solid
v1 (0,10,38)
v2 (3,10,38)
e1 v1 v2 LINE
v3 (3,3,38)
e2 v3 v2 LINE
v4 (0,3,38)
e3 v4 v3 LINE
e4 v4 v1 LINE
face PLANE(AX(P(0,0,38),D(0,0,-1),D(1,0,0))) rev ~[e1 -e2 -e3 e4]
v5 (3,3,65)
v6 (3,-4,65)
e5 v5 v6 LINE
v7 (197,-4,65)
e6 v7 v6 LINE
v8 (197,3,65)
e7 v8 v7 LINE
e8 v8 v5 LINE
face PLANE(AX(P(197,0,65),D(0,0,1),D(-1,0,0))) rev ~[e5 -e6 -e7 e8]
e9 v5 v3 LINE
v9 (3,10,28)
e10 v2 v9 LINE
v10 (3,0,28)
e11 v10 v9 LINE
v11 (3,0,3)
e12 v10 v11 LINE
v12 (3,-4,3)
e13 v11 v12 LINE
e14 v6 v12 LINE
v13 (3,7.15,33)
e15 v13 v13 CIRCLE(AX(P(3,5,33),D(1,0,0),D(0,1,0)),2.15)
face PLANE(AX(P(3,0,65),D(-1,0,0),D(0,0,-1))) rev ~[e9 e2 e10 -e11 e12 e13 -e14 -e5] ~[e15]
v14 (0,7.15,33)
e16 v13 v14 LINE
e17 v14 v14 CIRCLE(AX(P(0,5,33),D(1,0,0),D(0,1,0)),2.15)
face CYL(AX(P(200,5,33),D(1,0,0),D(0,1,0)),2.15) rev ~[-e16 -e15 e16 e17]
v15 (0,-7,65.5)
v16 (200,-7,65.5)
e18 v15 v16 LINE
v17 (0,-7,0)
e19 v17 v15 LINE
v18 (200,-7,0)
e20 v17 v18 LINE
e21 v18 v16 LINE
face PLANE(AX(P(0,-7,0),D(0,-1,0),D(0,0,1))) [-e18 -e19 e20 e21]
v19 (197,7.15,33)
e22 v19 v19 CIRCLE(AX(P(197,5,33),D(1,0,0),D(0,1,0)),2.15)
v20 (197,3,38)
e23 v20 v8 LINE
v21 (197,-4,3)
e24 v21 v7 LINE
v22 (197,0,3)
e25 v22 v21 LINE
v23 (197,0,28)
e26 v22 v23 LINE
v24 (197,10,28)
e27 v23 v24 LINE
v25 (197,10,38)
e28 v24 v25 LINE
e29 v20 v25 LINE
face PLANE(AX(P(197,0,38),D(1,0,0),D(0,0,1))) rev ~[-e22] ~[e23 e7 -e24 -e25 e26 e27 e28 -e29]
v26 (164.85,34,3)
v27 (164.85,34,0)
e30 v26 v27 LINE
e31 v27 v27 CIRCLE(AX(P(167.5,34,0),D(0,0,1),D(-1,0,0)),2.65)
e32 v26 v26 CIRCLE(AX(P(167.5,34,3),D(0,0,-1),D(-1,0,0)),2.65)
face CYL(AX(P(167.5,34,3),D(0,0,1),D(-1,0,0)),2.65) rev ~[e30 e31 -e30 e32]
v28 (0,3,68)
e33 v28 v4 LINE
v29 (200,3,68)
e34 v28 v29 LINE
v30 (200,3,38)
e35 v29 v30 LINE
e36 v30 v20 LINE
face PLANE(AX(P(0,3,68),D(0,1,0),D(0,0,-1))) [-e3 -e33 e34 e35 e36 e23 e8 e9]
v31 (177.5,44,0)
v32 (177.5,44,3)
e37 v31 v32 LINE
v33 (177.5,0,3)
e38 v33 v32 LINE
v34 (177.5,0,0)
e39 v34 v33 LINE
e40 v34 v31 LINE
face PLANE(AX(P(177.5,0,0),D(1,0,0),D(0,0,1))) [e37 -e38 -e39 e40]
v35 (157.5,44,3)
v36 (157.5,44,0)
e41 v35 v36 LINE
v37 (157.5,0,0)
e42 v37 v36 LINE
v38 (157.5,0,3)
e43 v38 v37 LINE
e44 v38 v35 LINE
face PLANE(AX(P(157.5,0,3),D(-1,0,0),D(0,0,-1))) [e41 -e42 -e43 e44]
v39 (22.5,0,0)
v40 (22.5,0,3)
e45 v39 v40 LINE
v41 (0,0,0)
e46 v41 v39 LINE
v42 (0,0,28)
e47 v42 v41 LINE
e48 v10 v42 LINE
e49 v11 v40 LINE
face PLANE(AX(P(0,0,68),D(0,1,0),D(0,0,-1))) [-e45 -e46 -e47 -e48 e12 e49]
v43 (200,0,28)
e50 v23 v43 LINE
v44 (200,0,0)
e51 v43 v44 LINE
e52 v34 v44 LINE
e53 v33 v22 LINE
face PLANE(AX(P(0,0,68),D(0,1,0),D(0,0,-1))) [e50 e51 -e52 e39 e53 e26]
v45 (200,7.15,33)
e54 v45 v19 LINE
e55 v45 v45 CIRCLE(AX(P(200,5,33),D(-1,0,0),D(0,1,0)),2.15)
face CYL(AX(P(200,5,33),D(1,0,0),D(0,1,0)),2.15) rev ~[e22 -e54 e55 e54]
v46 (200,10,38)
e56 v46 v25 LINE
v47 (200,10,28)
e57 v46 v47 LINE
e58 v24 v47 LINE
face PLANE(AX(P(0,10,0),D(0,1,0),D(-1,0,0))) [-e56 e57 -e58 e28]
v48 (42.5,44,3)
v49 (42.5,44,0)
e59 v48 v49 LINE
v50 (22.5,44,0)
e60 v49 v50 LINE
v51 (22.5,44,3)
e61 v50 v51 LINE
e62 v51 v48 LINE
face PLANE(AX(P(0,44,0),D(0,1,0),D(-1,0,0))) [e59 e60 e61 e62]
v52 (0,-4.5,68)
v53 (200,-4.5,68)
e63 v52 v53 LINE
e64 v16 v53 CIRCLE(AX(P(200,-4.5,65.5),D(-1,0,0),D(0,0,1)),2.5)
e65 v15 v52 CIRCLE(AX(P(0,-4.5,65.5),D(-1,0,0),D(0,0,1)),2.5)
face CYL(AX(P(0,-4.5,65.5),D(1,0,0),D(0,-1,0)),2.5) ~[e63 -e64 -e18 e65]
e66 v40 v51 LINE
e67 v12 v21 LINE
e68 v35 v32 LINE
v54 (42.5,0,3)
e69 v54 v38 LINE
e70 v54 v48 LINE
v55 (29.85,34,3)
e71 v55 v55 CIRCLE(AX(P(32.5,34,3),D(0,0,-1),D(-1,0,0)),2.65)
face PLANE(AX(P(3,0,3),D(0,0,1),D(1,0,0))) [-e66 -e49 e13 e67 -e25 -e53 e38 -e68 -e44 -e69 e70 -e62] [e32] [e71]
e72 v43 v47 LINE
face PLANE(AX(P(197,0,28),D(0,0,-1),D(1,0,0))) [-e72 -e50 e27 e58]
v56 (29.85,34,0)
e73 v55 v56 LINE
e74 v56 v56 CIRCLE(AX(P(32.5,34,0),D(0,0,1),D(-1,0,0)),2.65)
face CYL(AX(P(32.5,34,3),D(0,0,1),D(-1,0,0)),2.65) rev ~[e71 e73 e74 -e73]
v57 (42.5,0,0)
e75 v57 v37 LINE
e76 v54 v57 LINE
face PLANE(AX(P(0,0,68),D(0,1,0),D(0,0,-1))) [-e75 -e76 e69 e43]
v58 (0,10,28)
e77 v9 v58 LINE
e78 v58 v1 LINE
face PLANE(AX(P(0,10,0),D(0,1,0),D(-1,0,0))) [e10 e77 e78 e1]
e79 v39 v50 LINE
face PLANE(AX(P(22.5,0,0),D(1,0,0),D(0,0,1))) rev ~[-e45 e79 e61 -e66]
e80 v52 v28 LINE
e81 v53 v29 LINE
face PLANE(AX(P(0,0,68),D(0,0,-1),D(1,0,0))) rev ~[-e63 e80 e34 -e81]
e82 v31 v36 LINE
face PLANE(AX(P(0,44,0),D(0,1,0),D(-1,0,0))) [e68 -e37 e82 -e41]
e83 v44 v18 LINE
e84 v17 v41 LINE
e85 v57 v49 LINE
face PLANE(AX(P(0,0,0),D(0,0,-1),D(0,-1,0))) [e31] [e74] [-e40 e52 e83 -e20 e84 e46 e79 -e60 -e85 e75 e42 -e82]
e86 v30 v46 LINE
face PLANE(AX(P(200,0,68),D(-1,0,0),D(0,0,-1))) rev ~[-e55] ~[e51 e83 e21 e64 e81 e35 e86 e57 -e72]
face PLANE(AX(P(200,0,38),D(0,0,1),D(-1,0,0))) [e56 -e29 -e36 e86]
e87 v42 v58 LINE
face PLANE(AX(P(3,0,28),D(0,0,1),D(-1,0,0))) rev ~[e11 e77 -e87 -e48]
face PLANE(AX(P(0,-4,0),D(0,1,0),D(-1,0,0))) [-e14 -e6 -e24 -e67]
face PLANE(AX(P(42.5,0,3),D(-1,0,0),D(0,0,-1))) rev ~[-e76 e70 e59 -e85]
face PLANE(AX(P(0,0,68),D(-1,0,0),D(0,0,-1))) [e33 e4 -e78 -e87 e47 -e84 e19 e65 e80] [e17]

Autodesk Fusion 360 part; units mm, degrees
sketch "스케치1" plane through (0, 0, 0) normal (1, 0, 0) x (0, 1, 0)
  line L0 (0, 0) -> (-7, 0)
  line L1 (-7, 0) -> (-7, 68)
  line L2 (-7, 68) -> (0, 68)
  line L3 (0, 68) -> (0, 0)
  line L4 (0, 0) -> (-4, 0)
  line L5 (-4, 0) -> (-4, 68)
  line L6 (-4, 68) -> (0, 68)
  line L7 (0, 68) -> (0, 0)
  dimension "d1" = 7
  dimension "d2" = 68
  dimension "d3" = 4
extrude "돌출1" add sketch "스케치1" along normal blind 200
sketch "스케치2" plane through (0, 0, 0) normal (0, 1, 0) x (-1, 0, 0)
  line L0 (0, 0) -> (0, 68)
  line L1 (0, 68) -> (-200, 68)
  line L2 (-200, 68) -> (-200, 0)
  line L3 (-200, 0) -> (0, 0)
  line L4 (-200, 68) -> (-197, 68)
  line L5 (-197, 68) -> (-197, 65)
  line L6 (-197, 65) -> (-200, 65)
  line L7 (-200, 65) -> (-200, 68)
  line L8 (0, 0) -> (-3, 0)
  line L9 (-3, 0) -> (-3, 3)
  line L10 (-3, 3) -> (0, 3)
  line L11 (0, 3) -> (0, 0)
  line L12 (-3, 3) -> (-197, 3)
  line L13 (-197, 3) -> (-197, 65)
  line L14 (-197, 65) -> (-3, 65)
  line L15 (-3, 65) -> (-3, 3)
  dimension "d6" = 3
  dimension "d7" = 3
  dimension "d8" = 3
extrude "돌출2" cut sketch "스케치2" against normal blind 4 contours L12 L13 L14 L15
sketch "스케치3" plane through (0, 0, 0) normal (0, 1, 0) x (-1, 0, 0)
  line L0 (-197, 3) -> (-197, 65)
  line L1 (-197, 65) -> (-3, 65)
  line L2 (-3, 65) -> (-3, 3)
  line L3 (-3, 3) -> (-197, 3)
  line L4 (0, 0) -> (0, 68)
  line L5 (0, 68) -> (-200, 68)
  line L6 (-200, 68) -> (-200, 0)
  line L7 (-200, 0) -> (0, 0)
  line L8 (-197, 3) -> (-177.5, 3)
  line L9 (-177.5, 3) -> (-157.5, 3)
  line L10 (-157.5, 3) -> (-157.5, 0)
  line L11 (-157.5, 0) -> (-177.5, 0)
  line L12 (-177.5, 0) -> (-177.5, 3)
  line L13 (-3, 3) -> (-22.5, 3)
  line L14 (-22.5, 3) -> (-42.5, 3)
  line L15 (-42.5, 3) -> (-42.5, 0)
  line L16 (-42.5, 0) -> (-22.5, 0)
  line L17 (-22.5, 0) -> (-22.5, 3)
  dimension "d11" = 19.5
  dimension "d12" = 20
  dimension "d13" = 19.5
  dimension "d14" = 20
  dimension "d15" = 3
extrude "돌출3" add sketch "스케치3" along normal blind 44 contours L3 L7 L9 L10 L11 L12 | L3 L7 L14 L15 L16 L17
sketch "스케치4" plane through (0, 0, 3) normal (0, 0, 1) x (-1, 0, 0)
  line L0 (-22.5, 0) -> (-3, 0)
  line L1 (-3, 0) -> (-3, 4)
  line L2 (-3, 4) -> (-197, 4)
  line L3 (-197, 4) -> (-197, 0)
  line L4 (-197, 0) -> (-177.5, 0)
  line L5 (-177.5, 0) -> (-177.5, -44)
  line L6 (-177.5, -44) -> (-157.5, -44)
  line L7 (-157.5, -44) -> (-157.5, 0)
  line L8 (-157.5, 0) -> (-42.5, 0)
  line L9 (-42.5, 0) -> (-42.5, -44)
  line L10 (-42.5, -44) -> (-22.5, -44)
  line L11 (-22.5, -44) -> (-22.5, 0)
  line L12 (-177.5, -44) -> (-167.5, -44)
  line L13 (-167.5, -44) -> (-167.5, -34)
  line L14 (-167.5, -34) -> (-177.5, -34)
  line L15 (-177.5, -34) -> (-177.5, -44)
  line L16 (-42.5, -44) -> (-32.5, -44)
  line L17 (-32.5, -44) -> (-32.5, -34)
  line L18 (-32.5, -34) -> (-42.5, -34)
  line L19 (-42.5, -34) -> (-42.5, -44)
  circle A0 centre (-167.5, -34) radius 2.65
  circle A1 centre (-32.5, -34) radius 2.65
  dimension "d18" = 10
  dimension "d19" = 10
  dimension "d20" = 10
  dimension "d21" = 10
  dimension "d22" = 5.3
  dimension "d23" = 5.3
extrude "돌출4" cut sketch "스케치4" against normal blind 3 contours L17 L18 A1 | L17 L18 A1 | L13 L14 A0 | L13 L14 A0
fillet "필렛1" radius 2.5 1 edges at (100, -7, 68)
sketch "스케치5" plane through (0, 0, 0) normal (0, 1, 0) x (-1, 0, 0)
  line L0 (-177.5, 0) -> (-177.5, 3)
  line L1 (-177.5, 3) -> (-197, 3)
  line L2 (-197, 3) -> (-197, 65)
  line L3 (-197, 65) -> (-3, 65)
  line L4 (-3, 65) -> (-3, 3)
  line L5 (-3, 3) -> (-22.5, 3)
  line L6 (-22.5, 3) -> (-22.5, 0)
  line L7 (-22.5, 0) -> (0, 0)
  line L8 (0, 0) -> (0, 68)
  line L9 (0, 68) -> (-200, 68)
  line L10 (-200, 68) -> (-200, 0)
  line L11 (-200, 0) -> (-177.5, 0)
  line L12 (-197, 3) -> (-200, 3)
  line L13 (-200, 3) -> (-200, 38)
  line L14 (-200, 38) -> (-197, 38)
  line L15 (-197, 38) -> (-197, 3)
  line L16 (-200, 38) -> (-197, 38)
  line L17 (-197, 38) -> (-197, 28)
  line L18 (-197, 28) -> (-200, 28)
  line L19 (-200, 28) -> (-200, 38)
  line L20 (-3, 3) -> (0, 3)
  line L21 (0, 3) -> (0, 38)
  line L22 (0, 38) -> (-3, 38)
  line L23 (-3, 38) -> (-3, 3)
  line L24 (0, 38) -> (-3, 38)
  line L25 (-3, 38) -> (-3, 28)
  line L26 (-3, 28) -> (0, 28)
  line L27 (0, 28) -> (0, 38)
  dimension "d28" = 3
  dimension "d29" = 35
  dimension "d30" = 10
  dimension "d31" = 35
  dimension "d32" = 10
extrude "돌출5" add sketch "스케치5" along normal blind 10 contours L2 L10 L13 L14 L15 L16 L17 L18 L19 | L4 L8 L21 L22 L23 L24 L25 L26 L27
sketch "스케치6" plane through (200, 0, 0) normal (1, 0, 0) x (0, 1, 0)
  arc A0 (-4.5, 68) -> (-7, 65.5) centre (-4.5, 65.5) ccw
  line L0 (-7, 65.5) -> (-7, 0)
  line L1 (-7, 0) -> (0, 0)
  line L2 (0, 0) -> (0, 28)
  line L3 (0, 28) -> (10, 28)
  line L4 (10, 28) -> (10, 38)
  line L5 (10, 38) -> (0, 38)
  line L6 (0, 38) -> (0, 68)
  line L7 (0, 68) -> (-4.5, 68)
  line L8 (10, 38) -> (5, 38)
  line L9 (5, 38) -> (5, 33)
  line L10 (5, 33) -> (10, 33)
  line L11 (10, 33) -> (10, 38)
  circle A1 centre (5, 33) radius 2.15
  dimension "d35" = 5
  dimension "d36" = 5
  dimension "d37" = 4.3
extrude "돌출6" cut sketch "스케치6" against normal blind 260 contours L9 L10 A1 | L9 L10 A1
extrude "돌출7" add 1 faces at (67.6667, 0, 67) along direction (0, 1, 0) blind 3
